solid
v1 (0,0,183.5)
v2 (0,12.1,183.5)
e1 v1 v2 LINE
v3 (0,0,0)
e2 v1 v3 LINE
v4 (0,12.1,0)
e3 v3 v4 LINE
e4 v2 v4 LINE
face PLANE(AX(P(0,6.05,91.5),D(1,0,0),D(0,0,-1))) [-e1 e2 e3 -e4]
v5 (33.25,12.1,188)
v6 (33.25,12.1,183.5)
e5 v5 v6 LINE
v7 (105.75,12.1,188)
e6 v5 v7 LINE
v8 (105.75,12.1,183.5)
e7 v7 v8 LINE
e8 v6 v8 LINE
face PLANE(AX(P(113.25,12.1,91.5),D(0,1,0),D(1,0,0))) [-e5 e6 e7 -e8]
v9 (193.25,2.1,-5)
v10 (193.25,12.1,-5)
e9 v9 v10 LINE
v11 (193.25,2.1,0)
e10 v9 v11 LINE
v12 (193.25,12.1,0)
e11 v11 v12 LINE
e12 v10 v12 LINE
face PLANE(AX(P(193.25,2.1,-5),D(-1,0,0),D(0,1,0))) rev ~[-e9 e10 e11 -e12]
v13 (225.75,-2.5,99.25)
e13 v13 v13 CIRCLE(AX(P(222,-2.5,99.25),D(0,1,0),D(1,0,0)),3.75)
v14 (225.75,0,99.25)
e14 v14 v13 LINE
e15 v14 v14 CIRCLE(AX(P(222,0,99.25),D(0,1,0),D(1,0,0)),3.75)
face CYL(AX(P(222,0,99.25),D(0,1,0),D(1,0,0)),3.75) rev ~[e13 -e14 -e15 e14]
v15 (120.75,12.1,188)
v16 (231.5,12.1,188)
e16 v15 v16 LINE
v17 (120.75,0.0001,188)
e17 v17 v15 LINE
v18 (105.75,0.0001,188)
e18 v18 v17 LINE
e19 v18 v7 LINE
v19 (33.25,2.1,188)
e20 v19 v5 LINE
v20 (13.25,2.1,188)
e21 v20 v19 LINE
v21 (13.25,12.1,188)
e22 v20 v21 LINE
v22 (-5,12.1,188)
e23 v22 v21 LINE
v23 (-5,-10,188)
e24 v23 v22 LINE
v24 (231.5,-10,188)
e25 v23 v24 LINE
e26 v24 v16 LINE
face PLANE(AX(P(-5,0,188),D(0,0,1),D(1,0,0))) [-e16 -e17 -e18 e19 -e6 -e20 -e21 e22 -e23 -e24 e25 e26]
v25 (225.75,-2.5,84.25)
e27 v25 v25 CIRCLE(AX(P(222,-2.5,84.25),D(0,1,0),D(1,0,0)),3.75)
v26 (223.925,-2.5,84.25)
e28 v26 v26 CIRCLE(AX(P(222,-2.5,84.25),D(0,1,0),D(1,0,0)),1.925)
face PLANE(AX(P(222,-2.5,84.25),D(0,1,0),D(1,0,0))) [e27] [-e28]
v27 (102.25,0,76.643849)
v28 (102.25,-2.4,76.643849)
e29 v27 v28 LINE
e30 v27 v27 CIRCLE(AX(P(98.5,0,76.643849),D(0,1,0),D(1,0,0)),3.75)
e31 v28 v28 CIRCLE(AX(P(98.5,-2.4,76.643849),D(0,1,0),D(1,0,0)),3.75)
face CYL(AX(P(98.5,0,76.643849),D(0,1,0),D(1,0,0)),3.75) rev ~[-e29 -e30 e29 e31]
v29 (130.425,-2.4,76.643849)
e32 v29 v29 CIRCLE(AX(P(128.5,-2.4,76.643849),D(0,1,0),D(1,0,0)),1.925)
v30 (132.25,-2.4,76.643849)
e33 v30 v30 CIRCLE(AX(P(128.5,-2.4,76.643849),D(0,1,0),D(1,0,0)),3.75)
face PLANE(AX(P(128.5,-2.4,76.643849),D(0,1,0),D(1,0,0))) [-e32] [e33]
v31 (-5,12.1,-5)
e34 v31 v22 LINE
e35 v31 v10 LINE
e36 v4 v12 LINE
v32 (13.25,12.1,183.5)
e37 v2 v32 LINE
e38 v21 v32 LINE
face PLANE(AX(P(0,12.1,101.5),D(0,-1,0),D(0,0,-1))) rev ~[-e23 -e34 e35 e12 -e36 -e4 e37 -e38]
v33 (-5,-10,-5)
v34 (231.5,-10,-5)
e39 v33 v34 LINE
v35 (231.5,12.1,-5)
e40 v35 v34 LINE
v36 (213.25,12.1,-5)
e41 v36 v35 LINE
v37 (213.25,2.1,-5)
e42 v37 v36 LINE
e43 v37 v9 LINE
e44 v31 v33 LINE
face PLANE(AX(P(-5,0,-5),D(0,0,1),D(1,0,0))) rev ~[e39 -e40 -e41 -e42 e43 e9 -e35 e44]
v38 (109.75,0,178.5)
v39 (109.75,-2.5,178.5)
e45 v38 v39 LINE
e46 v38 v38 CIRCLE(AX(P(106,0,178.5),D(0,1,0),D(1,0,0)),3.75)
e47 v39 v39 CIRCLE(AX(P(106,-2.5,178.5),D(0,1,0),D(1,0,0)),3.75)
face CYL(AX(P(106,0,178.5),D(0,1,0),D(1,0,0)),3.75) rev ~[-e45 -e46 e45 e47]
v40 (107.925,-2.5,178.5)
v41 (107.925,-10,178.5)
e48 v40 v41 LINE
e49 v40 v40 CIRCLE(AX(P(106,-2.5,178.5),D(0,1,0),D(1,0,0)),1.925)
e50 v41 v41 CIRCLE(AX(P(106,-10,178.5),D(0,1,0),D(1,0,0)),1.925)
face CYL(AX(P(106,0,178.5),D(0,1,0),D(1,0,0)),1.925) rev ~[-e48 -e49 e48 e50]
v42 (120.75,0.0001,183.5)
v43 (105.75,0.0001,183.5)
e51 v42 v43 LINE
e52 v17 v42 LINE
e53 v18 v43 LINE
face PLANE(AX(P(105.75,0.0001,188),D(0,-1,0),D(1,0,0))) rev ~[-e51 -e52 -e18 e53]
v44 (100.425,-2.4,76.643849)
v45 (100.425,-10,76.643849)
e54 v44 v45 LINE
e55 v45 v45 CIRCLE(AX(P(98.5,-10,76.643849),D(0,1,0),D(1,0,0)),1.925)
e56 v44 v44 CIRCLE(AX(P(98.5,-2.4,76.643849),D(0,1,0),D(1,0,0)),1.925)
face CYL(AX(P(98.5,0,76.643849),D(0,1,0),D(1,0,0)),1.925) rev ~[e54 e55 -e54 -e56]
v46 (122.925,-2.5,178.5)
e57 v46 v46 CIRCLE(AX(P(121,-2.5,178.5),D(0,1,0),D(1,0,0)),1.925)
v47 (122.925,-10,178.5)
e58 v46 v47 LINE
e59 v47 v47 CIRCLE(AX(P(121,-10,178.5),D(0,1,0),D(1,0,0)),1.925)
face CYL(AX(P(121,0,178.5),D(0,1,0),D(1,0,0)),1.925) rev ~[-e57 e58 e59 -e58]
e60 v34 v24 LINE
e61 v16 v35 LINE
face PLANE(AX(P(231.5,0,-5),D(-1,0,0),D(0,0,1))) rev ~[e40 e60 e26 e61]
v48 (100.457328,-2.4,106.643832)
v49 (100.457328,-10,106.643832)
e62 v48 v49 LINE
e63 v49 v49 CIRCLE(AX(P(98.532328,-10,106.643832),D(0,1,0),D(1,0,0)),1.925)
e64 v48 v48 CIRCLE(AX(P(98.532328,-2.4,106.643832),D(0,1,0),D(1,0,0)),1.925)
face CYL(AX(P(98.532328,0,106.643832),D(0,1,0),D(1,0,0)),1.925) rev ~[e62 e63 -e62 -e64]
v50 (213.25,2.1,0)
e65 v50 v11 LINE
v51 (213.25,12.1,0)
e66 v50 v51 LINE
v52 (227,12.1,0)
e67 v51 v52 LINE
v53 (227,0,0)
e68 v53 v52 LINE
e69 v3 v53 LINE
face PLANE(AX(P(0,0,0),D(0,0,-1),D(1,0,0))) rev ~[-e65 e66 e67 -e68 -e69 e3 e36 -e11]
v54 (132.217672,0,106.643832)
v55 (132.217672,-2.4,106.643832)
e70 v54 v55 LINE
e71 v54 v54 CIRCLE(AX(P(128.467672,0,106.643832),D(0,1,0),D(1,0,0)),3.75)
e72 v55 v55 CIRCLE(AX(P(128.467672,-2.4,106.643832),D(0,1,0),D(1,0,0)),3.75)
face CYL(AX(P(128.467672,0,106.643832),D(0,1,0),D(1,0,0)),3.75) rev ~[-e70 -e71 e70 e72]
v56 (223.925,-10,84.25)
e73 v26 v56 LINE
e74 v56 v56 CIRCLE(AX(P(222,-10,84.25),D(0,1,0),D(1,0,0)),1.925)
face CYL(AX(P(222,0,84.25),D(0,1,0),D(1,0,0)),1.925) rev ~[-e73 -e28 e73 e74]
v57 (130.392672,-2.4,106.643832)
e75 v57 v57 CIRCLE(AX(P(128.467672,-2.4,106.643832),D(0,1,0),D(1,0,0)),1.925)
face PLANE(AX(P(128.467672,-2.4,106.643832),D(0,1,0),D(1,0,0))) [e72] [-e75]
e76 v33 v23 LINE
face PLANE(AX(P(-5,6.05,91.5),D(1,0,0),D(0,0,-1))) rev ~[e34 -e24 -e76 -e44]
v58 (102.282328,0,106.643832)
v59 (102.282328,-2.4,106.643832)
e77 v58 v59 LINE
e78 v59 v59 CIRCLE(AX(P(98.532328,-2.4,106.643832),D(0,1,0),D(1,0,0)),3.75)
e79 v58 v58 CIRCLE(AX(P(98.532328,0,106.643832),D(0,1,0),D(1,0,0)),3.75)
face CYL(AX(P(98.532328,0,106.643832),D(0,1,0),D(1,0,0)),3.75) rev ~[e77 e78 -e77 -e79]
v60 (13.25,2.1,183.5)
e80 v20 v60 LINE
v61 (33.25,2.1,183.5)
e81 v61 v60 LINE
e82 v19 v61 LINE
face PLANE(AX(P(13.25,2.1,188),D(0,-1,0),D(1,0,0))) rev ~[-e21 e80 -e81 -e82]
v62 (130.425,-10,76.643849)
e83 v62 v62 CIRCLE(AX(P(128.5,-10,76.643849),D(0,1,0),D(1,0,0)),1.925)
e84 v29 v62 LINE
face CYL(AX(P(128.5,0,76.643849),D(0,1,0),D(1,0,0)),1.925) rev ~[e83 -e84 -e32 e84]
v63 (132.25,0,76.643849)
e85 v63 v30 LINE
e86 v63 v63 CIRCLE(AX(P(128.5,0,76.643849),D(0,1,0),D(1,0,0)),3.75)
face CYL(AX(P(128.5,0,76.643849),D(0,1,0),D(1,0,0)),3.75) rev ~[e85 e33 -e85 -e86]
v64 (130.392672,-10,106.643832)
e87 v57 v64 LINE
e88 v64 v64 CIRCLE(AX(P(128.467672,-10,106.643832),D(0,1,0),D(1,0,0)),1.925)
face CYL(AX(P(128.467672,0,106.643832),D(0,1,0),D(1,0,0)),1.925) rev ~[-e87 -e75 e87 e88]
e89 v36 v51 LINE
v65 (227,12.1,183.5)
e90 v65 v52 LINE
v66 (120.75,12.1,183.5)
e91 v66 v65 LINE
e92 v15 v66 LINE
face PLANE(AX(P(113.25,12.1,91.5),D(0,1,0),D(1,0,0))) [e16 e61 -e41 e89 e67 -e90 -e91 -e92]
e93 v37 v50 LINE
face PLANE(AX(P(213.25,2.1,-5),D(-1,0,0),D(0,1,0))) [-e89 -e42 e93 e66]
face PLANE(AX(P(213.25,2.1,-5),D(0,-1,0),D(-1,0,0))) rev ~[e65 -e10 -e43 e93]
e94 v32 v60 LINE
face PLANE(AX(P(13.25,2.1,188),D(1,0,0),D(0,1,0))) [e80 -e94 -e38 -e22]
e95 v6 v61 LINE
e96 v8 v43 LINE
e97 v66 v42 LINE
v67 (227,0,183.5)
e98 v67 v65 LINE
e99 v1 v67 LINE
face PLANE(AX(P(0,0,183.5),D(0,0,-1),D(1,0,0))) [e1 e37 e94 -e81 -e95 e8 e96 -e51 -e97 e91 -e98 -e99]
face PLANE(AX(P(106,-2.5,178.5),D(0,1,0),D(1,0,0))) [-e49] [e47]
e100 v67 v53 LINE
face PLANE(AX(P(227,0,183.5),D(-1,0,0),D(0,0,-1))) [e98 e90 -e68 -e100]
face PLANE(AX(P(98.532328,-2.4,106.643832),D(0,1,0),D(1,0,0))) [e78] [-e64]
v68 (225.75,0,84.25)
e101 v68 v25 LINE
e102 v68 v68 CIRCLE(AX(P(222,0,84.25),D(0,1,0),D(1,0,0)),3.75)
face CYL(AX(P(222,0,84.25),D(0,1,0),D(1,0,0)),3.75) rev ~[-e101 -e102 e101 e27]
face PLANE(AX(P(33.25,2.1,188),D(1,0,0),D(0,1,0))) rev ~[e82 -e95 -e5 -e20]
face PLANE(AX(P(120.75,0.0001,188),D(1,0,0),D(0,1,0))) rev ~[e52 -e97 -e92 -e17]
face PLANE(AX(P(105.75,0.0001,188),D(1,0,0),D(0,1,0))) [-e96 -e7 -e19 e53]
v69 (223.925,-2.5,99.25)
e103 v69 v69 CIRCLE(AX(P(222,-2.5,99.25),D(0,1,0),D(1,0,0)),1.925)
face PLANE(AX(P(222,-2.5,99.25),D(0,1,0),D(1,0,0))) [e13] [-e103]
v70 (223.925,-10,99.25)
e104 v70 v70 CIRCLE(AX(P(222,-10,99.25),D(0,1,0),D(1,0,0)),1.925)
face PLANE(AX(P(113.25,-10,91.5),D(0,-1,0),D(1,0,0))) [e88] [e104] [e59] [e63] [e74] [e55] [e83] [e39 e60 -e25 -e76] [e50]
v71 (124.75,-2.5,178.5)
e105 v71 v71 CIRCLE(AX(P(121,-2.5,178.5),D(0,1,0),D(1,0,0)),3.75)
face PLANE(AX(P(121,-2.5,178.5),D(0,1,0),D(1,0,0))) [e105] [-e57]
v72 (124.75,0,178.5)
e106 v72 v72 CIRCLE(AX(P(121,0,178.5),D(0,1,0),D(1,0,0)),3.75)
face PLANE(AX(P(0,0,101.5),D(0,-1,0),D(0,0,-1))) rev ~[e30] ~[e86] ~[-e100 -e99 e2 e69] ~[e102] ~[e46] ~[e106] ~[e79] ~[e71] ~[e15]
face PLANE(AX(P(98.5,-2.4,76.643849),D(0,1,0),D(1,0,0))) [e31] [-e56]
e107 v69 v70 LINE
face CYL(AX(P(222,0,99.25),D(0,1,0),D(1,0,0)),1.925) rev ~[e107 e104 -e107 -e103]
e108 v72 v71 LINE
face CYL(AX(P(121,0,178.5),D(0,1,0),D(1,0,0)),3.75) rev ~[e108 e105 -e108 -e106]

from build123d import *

# Parameters (mm, degrees)
SKETCH2_W                = 236.5
SKETCH2_H                = 193
SKETCH2_W_2              = 227
SKETCH2_H_2              = 183.5
BOSS_EXTRUDE1_DEPTH      = 12.1
SKETCH3_W                = 236.5
SKETCH3_H                = 193
BOSS_EXTRUDE2_DEPTH      = 10
SKETCH4_W                = 10
SKETCH4_H                = 10
CUT_EXTRUDE1_DEPTH       = 5
SKETCH7_W                = 20
SKETCH7_H                = 10
CUT_EXTRUDE2_DEPTH       = 5
SKETCH8_W                = 20
SKETCH8_H                = 10
CUT_EXTRUDE3_DEPTH       = 5
SKETCH32_W               = 20
SKETCH32_H               = 12.1
CUT_EXTRUDE14_DEPTH      = 6
SKETCH34_R               = 1.925
CUT_EXTRUDE16_DEPTH      = 11
SKETCH35_R               = 3.75
SKETCH35_R_2             = 1.925
CUT_EXTRUDE17_DEPTH      = 2.4
SKETCH36_W               = 20
SKETCH36_H               = 12.1
BOSS_EXTRUDE9_DEPTH      = 5
SKETCH37_W               = 15
SKETCH37_H               = 12.1
CUT_EXTRUDE18_DEPTH      = 5
SKETCH44_R               = 1.925
CUT_EXTRUDE21_DEPTH      = 13.1
CUT_EXTRUDE21_DEPTH_BACK = 11
SKETCH44_4_R             = 3.75
CUT_EXTRUDE22_DEPTH      = 2.5
SKETCH47_R               = 3.75
SKETCH47_R_2             = 1.925
CUT_EXTRUDE23_DEPTH      = 2.5
SKETCH47_2_R             = 1.925
CUT_EXTRUDE24_DEPTH      = 11


with BuildPart() as part:
    # Sketch2 → Boss-Extrude1 (new body)
    with BuildSketch(Plane(origin=(0, 0, 0), x_dir=(1, 0, 0), z_dir=(0, 1, 0))):
        with Locations((113.25, -91.5)):
            Rectangle(SKETCH2_W, SKETCH2_H)
        with Locations((113.5, -91.75)):
            Rectangle(SKETCH2_W_2, SKETCH2_H_2, mode=Mode.SUBTRACT)
    extrude(amount=BOSS_EXTRUDE1_DEPTH)

    # Sketch3 → Boss-Extrude2 (add)
    with BuildSketch(Plane.XZ):
        with Locations((113.25, 91.5)):
            Rectangle(SKETCH3_W, SKETCH3_H)
    extrude(amount=BOSS_EXTRUDE2_DEPTH)

    # Sketch4 → Cut-Extrude1 (cut)
    with BuildSketch(Plane.ZY.offset(5)):
        with Locations((96.5, 7.1)):
            Rectangle(SKETCH4_W, SKETCH4_H)
        with Locations((86.5, 7.1)):
            Rectangle(SKETCH4_W, SKETCH4_H)
    extrude(amount=-CUT_EXTRUDE1_DEPTH, mode=Mode.SUBTRACT)

    # Sketch7 → Cut-Extrude2 (cut)
    with BuildSketch(Plane.XY.offset(188)):
        with Locations((23.25, 7.1)):
            Rectangle(SKETCH7_W, SKETCH7_H)
    extrude(amount=-CUT_EXTRUDE2_DEPTH, mode=Mode.SUBTRACT)

    # Sketch8 → Cut-Extrude3 (cut)
    with BuildSketch(Plane(origin=(0, 0, -5), x_dir=(-1, 0, 0), z_dir=(0, 0, -1))):
        with Locations((-203.25, 7.1)):
            Rectangle(SKETCH8_W, SKETCH8_H)
    extrude(amount=-CUT_EXTRUDE3_DEPTH, mode=Mode.SUBTRACT)

    # Sketch32 → Cut-Extrude14 (cut, through all)
    with BuildSketch(Plane(origin=(0, 0, 0), x_dir=(0, 0, -1), z_dir=(1, 0, 0))):
        with Locations((-91.5, 6.05)):
            Rectangle(SKETCH32_W, SKETCH32_H)
    extrude(amount=-CUT_EXTRUDE14_DEPTH, mode=Mode.SUBTRACT)

    # Sketch34 → Cut-Extrude16 (cut, through all)
    with BuildSketch(Plane(origin=(0, 0, 0), x_dir=(1, 0, 0), z_dir=(0, 1, 0))):
        with Locations((128.5, -76.64384905)):
            Circle(SKETCH34_R)
        with Locations((128.467672433, -106.643831632)):
            Circle(SKETCH34_R)
        with Locations((98.532327567, -106.643831632)):
            Circle(SKETCH34_R)
        with Locations((98.5, -76.64384905)):
            Circle(SKETCH34_R)
    extrude(amount=-CUT_EXTRUDE16_DEPTH, mode=Mode.SUBTRACT)

    # Sketch35 → Cut-Extrude17 (cut)
    with BuildSketch(Plane(origin=(0, 0, 0), x_dir=(1, 0, 0), z_dir=(0, 1, 0))):
        with Locations((98.5, -76.64384905)):
            Circle(SKETCH35_R)
        with Locations((98.5, -76.64384905)):
            Circle(SKETCH35_R_2, mode=Mode.SUBTRACT)
        with Locations((128.5, -76.64384905)):
            Circle(SKETCH35_R)
        with Locations((128.5, -76.64384905)):
            Circle(SKETCH35_R_2, mode=Mode.SUBTRACT)
        with Locations((98.532327567, -106.643831632)):
            Circle(SKETCH35_R)
        with Locations((98.532327567, -106.643831632)):
            Circle(SKETCH35_R_2, mode=Mode.SUBTRACT)
        with Locations((128.467672433, -106.643831632)):
            Circle(SKETCH35_R)
    extrude(amount=-CUT_EXTRUDE17_DEPTH, mode=Mode.SUBTRACT)

    # Sketch36 → Boss-Extrude9 (add)
    with BuildSketch(Plane(origin=(0, 0, 0), x_dir=(0, 0, -1), z_dir=(1, 0, 0))):
        with Locations((-91.5, 6.05)):
            Rectangle(SKETCH36_W, SKETCH36_H)
    extrude(amount=-BOSS_EXTRUDE9_DEPTH)

    # Sketch37 → Cut-Extrude18 (cut)
    with BuildSketch(Plane.XY.offset(188)):
        with Locations((113.25, 6.0501)):
            Rectangle(SKETCH37_W, SKETCH37_H)
    extrude(amount=-CUT_EXTRUDE18_DEPTH, mode=Mode.SUBTRACT)

    # Sketch44 → Cut-Extrude21 (cut, two sides)
    with BuildSketch(Plane(origin=(0, 0, 0), x_dir=(1, 0, 0), z_dir=(0, 1, 0))) as cut_extrude21_sk:
        with Locations((121, -178.5)):
            Circle(SKETCH44_R)
        with Locations((106, -178.5)):
            Circle(SKETCH44_R)
    extrude(amount=CUT_EXTRUDE21_DEPTH, mode=Mode.SUBTRACT)
    extrude(cut_extrude21_sk.sketch, amount=-CUT_EXTRUDE21_DEPTH_BACK, mode=Mode.SUBTRACT)

    # Sketch44<4> → Cut-Extrude22 (cut)
    with BuildSketch(Plane(origin=(0, 0, 0), x_dir=(1, 0, 0), z_dir=(0, 1, 0))):
        with Locations((121, -178.5)):
            Circle(SKETCH44_4_R)
        with Locations((106, -178.5)):
            Circle(SKETCH44_4_R)
    extrude(amount=-CUT_EXTRUDE22_DEPTH, mode=Mode.SUBTRACT)

    # Sketch47 → Cut-Extrude23 (cut)
    with BuildSketch(Plane(origin=(0, 0, 0), x_dir=(1, 0, 0), z_dir=(0, 1, 0))):
        with Locations((222, -84.25)):
            Circle(SKETCH47_R)
        with Locations((222, -84.25)):
            Circle(SKETCH47_R_2, mode=Mode.SUBTRACT)
        with Locations((222, -99.25)):
            Circle(SKETCH47_R)
        with Locations((222, -99.25)):
            Circle(SKETCH47_R_2, mode=Mode.SUBTRACT)
    extrude(amount=-CUT_EXTRUDE23_DEPTH, mode=Mode.SUBTRACT)

    # Sketch47<2> → Cut-Extrude24 (cut, through all)
    with BuildSketch(Plane(origin=(0, 0, 0), x_dir=(1, 0, 0), z_dir=(0, 1, 0))):
        with Locations((222, -84.25)):
            Circle(SKETCH47_2_R)
        with Locations((222, -99.25)):
            Circle(SKETCH47_2_R)
    extrude(amount=-CUT_EXTRUDE24_DEPTH, mode=Mode.SUBTRACT)


solid = part.part
